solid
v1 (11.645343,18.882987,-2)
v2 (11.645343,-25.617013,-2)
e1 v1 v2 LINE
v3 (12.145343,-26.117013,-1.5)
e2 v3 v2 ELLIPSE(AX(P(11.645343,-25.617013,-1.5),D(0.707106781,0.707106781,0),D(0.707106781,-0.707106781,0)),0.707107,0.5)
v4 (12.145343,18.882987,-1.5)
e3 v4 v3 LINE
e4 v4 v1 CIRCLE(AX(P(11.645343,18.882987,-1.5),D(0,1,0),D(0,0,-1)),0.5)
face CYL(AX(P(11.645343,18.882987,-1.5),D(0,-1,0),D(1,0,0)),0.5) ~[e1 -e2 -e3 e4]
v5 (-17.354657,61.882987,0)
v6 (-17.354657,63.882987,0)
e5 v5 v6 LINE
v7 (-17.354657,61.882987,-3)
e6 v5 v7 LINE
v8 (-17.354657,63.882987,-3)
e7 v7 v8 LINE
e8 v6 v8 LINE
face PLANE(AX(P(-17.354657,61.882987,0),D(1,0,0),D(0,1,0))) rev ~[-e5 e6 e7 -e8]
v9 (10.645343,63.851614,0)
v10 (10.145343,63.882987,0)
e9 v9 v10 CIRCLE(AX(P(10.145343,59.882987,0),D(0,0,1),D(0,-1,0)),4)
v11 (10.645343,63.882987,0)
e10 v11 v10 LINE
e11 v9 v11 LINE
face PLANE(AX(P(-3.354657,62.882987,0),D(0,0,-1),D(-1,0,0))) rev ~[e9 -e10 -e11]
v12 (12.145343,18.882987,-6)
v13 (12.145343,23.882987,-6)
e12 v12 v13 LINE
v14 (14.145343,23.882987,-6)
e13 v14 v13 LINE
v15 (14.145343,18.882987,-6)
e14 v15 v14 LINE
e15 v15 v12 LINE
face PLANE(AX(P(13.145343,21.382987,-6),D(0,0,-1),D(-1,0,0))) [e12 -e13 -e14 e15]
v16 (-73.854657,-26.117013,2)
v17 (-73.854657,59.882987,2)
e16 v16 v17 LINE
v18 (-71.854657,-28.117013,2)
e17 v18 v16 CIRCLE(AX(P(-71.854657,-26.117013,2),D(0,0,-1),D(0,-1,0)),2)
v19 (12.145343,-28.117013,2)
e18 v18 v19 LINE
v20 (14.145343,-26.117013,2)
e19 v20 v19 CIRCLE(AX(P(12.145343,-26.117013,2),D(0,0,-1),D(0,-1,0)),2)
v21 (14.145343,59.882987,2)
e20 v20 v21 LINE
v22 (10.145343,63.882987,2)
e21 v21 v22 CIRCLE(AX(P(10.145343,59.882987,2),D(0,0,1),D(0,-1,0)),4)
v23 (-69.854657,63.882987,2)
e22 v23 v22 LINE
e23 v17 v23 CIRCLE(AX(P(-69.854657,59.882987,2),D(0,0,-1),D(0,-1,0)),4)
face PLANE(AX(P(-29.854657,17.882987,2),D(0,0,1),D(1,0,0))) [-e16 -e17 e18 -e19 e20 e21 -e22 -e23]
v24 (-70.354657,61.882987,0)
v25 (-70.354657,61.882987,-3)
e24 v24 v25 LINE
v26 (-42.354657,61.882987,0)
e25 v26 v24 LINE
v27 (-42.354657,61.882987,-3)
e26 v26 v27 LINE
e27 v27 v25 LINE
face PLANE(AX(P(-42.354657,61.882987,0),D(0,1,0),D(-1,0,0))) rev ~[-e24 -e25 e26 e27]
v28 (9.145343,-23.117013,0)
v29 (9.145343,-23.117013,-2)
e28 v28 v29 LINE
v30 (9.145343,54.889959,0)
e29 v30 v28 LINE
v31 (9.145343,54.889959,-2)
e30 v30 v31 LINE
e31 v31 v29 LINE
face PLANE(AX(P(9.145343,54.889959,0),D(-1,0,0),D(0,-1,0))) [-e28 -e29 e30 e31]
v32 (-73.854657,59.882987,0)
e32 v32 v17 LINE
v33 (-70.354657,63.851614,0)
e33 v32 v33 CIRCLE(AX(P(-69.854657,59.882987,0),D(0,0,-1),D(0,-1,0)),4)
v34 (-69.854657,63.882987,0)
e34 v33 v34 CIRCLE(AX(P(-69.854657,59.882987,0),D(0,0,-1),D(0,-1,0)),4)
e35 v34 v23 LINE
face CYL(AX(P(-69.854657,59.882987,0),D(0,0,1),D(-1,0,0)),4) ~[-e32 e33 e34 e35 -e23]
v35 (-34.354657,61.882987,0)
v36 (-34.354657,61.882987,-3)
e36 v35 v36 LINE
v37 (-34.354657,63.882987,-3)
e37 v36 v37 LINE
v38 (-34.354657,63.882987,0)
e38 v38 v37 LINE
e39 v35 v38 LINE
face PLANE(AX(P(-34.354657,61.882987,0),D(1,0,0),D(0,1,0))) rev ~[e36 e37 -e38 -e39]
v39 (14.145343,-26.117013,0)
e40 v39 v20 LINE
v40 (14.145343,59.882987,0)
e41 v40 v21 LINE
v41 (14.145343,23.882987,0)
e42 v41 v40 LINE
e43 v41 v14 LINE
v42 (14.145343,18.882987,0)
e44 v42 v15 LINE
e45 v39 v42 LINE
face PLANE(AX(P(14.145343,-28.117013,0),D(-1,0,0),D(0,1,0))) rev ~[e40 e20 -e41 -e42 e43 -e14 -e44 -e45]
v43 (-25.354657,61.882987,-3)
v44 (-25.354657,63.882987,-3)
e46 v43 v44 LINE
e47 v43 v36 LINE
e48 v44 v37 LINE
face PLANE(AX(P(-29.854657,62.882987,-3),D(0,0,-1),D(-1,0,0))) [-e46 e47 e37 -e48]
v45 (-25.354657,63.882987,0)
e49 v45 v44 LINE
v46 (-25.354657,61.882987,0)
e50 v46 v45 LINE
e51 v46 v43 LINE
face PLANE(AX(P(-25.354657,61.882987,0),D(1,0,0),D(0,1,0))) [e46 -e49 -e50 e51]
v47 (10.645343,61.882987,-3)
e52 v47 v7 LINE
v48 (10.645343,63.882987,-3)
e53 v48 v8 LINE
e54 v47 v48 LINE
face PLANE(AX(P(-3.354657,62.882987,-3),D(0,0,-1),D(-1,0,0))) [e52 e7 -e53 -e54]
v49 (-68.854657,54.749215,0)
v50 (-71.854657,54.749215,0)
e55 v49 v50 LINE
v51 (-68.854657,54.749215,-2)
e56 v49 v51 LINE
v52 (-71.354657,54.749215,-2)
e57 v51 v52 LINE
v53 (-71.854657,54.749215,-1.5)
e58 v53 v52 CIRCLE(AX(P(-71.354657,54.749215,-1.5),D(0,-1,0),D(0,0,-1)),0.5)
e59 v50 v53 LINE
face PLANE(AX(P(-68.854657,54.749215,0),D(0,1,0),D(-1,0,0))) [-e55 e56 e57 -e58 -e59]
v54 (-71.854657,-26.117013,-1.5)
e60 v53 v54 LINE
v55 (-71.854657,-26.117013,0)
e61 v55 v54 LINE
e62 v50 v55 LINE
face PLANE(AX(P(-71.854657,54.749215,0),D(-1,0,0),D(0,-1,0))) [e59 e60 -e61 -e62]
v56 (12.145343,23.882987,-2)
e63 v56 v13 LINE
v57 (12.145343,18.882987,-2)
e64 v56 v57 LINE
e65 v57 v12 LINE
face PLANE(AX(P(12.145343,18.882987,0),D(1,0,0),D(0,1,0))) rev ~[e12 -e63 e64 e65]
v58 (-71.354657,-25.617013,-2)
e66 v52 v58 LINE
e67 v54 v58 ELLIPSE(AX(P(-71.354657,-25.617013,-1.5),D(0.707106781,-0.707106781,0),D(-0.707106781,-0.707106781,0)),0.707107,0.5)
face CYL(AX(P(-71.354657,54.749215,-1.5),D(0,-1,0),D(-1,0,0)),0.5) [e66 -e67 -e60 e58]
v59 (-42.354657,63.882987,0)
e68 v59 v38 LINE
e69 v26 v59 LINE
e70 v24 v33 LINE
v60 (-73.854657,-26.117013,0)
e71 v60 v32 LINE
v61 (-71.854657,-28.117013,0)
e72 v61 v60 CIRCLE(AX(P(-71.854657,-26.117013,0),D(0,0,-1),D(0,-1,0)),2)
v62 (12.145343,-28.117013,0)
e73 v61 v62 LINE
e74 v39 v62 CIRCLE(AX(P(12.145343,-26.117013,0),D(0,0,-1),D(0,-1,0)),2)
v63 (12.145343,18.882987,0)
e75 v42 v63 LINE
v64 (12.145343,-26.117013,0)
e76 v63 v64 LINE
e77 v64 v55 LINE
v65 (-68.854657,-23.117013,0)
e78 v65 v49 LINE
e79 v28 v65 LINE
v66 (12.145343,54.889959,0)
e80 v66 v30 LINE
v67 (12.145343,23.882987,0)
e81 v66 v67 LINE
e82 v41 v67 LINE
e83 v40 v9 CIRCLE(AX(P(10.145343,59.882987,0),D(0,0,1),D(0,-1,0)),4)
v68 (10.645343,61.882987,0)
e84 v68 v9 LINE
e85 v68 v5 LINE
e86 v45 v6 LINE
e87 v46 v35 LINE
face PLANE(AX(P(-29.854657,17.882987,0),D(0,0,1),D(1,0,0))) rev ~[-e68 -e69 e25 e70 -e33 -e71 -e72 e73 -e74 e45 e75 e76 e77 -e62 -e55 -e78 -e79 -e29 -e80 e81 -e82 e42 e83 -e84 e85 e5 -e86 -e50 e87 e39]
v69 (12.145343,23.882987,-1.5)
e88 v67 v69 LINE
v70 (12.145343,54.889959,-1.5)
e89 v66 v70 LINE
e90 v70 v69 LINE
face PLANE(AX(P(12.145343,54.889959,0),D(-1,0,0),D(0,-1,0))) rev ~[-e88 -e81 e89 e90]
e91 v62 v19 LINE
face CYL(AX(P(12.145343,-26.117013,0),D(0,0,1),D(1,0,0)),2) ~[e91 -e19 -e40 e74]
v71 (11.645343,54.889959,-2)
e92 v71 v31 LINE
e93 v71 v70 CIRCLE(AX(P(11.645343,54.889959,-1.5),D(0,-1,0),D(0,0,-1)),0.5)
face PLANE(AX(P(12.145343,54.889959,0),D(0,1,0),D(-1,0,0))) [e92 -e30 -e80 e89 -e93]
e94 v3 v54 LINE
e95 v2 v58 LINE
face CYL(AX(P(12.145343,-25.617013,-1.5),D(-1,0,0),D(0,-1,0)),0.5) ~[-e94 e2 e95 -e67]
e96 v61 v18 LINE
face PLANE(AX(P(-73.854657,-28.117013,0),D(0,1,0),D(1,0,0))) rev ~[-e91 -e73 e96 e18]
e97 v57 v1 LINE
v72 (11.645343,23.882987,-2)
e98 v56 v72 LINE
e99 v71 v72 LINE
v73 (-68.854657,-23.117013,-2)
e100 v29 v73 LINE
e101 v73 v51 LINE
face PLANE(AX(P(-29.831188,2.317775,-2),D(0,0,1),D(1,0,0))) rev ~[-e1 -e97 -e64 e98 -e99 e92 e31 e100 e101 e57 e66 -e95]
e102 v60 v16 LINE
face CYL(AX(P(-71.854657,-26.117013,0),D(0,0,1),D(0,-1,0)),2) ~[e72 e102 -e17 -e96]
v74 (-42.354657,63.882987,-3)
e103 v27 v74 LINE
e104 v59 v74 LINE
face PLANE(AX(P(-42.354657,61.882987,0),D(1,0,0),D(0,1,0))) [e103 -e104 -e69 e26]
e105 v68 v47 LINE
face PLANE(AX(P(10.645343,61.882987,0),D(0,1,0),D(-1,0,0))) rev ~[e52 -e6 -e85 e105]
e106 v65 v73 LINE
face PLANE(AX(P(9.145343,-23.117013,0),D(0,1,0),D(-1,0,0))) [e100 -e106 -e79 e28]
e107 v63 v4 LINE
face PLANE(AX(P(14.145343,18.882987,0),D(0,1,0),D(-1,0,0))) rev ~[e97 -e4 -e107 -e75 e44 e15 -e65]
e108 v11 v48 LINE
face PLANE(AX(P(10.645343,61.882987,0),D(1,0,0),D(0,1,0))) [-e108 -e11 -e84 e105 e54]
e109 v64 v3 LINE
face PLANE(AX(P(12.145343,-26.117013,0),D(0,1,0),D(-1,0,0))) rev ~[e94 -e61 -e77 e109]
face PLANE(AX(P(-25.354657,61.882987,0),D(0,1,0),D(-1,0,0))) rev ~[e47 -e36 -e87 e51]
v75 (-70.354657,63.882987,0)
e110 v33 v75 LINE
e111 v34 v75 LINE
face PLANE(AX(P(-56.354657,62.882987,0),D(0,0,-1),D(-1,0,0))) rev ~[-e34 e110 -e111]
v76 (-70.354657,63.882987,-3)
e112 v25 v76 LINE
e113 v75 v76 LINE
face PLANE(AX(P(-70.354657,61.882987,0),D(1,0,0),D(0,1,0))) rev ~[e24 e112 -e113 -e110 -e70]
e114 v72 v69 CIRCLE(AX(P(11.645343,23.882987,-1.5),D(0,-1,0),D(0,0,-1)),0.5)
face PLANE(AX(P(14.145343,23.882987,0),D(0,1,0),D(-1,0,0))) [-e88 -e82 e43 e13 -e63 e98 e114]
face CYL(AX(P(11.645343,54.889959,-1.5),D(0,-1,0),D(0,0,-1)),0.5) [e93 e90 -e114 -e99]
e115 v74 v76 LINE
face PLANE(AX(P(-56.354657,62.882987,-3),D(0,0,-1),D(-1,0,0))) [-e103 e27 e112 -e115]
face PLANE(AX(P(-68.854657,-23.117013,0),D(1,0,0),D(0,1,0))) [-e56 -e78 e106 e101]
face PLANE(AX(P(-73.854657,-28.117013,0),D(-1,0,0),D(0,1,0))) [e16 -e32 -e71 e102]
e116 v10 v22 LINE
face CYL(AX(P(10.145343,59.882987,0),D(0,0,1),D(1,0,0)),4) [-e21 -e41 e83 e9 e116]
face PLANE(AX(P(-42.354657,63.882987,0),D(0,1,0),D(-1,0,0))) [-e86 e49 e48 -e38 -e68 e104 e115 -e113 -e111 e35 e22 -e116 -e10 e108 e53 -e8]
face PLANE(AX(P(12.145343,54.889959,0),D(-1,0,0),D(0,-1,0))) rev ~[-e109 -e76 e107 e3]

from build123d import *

# Parameters (mm, degrees)
SKETCH1_W           = 88
SKETCH1_H           = 92
BOSS_EXTRUDE1_DEPTH = 2
FILLET1_R           = 4
SKETCH3_W           = 28
SKETCH3_H           = 2
SKETCH3_W_2         = 9
BOSS_EXTRUDE3_DEPTH = 3
SKETCH4_W           = 2
SKETCH4_H           = 5
BOSS_EXTRUDE4_DEPTH = 6
FILLET2_R           = 2
BOSS_EXTRUDE5_DEPTH = 2
FILLET4_R           = 0.5


with BuildPart() as part:
    # Sketch1 → Boss-Extrude1 (new body)
    with BuildSketch(Plane.XY):
        with Locations((-29.854657196, 17.8829867)):
            Rectangle(SKETCH1_W, SKETCH1_H)
    extrude(amount=BOSS_EXTRUDE1_DEPTH)

    # Fillet1
    fillet1_edges = [part.edges().sort_by_distance(p)[0] for p in [
        (-73.854657196, 63.8829867, 1),
        (14.145342804, 63.8829867, 1),
    ]]
    fillet(fillet1_edges, radius=FILLET1_R)

    # Sketch3 → Boss-Extrude3 (add)
    with BuildSketch(Plane(origin=(0, 0, 0), x_dir=(-1, 0, 0), z_dir=(0, 0, -1))):
        with Locations((56.354657196, 62.8829867)):
            Rectangle(SKETCH3_W, SKETCH3_H)
        with Locations((29.854657196, 62.8829867)):
            Rectangle(SKETCH3_W_2, SKETCH3_H)
        with Locations((3.354657196, 62.8829867)):
            Rectangle(SKETCH3_W, SKETCH3_H)
    extrude(amount=BOSS_EXTRUDE3_DEPTH)

    # Sketch4 → Boss-Extrude4 (add)
    with BuildSketch(Plane(origin=(0, 0, 0), x_dir=(-1, 0, 0), z_dir=(0, 0, -1))):
        with Locations((-13.145342804, 21.3829867)):
            Rectangle(SKETCH4_W, SKETCH4_H)
    extrude(amount=BOSS_EXTRUDE4_DEPTH)

    # Fillet2
    fillet2_edges = [part.edges().sort_by_distance(p)[0] for p in [
        (14.145342804, -28.1170133, 1),
        (-73.854657196, -28.1170133, 1),
    ]]
    fillet(fillet2_edges, radius=FILLET2_R)

    # Sketch5 → Boss-Extrude5 (add)
    with BuildSketch(Plane(origin=(0, 0, 0), x_dir=(-1, 0, 0), z_dir=(0, 0, -1))):
        Polygon((71.854657196, -26.1170133), (68.854657196, -26.1170133), (-12.145342804, -26.1170133), (-12.145342804, -23.1170133), (-12.145342804, 54.889958553), (-9.145342804, 54.889958553), (-9.145342804, -23.1170133), (68.854657196, -23.1170133), (68.854657196, 54.749214955), (71.854657196, 54.749214955), align=None)
    extrude(amount=BOSS_EXTRUDE5_DEPTH)

    # Fillet4
    fillet4_edges = [part.edges().sort_by_distance(p)[0] for p in [
        (-71.854657196, 14.316100828, -2),
        (12.145342804, 39.386472626, -2),
        (12.145342804, -3.6170133, -2),
        (-29.854657196, -26.1170133, -2),
    ]]
    fillet(fillet4_edges, radius=FILLET4_R)


solid = part.part
